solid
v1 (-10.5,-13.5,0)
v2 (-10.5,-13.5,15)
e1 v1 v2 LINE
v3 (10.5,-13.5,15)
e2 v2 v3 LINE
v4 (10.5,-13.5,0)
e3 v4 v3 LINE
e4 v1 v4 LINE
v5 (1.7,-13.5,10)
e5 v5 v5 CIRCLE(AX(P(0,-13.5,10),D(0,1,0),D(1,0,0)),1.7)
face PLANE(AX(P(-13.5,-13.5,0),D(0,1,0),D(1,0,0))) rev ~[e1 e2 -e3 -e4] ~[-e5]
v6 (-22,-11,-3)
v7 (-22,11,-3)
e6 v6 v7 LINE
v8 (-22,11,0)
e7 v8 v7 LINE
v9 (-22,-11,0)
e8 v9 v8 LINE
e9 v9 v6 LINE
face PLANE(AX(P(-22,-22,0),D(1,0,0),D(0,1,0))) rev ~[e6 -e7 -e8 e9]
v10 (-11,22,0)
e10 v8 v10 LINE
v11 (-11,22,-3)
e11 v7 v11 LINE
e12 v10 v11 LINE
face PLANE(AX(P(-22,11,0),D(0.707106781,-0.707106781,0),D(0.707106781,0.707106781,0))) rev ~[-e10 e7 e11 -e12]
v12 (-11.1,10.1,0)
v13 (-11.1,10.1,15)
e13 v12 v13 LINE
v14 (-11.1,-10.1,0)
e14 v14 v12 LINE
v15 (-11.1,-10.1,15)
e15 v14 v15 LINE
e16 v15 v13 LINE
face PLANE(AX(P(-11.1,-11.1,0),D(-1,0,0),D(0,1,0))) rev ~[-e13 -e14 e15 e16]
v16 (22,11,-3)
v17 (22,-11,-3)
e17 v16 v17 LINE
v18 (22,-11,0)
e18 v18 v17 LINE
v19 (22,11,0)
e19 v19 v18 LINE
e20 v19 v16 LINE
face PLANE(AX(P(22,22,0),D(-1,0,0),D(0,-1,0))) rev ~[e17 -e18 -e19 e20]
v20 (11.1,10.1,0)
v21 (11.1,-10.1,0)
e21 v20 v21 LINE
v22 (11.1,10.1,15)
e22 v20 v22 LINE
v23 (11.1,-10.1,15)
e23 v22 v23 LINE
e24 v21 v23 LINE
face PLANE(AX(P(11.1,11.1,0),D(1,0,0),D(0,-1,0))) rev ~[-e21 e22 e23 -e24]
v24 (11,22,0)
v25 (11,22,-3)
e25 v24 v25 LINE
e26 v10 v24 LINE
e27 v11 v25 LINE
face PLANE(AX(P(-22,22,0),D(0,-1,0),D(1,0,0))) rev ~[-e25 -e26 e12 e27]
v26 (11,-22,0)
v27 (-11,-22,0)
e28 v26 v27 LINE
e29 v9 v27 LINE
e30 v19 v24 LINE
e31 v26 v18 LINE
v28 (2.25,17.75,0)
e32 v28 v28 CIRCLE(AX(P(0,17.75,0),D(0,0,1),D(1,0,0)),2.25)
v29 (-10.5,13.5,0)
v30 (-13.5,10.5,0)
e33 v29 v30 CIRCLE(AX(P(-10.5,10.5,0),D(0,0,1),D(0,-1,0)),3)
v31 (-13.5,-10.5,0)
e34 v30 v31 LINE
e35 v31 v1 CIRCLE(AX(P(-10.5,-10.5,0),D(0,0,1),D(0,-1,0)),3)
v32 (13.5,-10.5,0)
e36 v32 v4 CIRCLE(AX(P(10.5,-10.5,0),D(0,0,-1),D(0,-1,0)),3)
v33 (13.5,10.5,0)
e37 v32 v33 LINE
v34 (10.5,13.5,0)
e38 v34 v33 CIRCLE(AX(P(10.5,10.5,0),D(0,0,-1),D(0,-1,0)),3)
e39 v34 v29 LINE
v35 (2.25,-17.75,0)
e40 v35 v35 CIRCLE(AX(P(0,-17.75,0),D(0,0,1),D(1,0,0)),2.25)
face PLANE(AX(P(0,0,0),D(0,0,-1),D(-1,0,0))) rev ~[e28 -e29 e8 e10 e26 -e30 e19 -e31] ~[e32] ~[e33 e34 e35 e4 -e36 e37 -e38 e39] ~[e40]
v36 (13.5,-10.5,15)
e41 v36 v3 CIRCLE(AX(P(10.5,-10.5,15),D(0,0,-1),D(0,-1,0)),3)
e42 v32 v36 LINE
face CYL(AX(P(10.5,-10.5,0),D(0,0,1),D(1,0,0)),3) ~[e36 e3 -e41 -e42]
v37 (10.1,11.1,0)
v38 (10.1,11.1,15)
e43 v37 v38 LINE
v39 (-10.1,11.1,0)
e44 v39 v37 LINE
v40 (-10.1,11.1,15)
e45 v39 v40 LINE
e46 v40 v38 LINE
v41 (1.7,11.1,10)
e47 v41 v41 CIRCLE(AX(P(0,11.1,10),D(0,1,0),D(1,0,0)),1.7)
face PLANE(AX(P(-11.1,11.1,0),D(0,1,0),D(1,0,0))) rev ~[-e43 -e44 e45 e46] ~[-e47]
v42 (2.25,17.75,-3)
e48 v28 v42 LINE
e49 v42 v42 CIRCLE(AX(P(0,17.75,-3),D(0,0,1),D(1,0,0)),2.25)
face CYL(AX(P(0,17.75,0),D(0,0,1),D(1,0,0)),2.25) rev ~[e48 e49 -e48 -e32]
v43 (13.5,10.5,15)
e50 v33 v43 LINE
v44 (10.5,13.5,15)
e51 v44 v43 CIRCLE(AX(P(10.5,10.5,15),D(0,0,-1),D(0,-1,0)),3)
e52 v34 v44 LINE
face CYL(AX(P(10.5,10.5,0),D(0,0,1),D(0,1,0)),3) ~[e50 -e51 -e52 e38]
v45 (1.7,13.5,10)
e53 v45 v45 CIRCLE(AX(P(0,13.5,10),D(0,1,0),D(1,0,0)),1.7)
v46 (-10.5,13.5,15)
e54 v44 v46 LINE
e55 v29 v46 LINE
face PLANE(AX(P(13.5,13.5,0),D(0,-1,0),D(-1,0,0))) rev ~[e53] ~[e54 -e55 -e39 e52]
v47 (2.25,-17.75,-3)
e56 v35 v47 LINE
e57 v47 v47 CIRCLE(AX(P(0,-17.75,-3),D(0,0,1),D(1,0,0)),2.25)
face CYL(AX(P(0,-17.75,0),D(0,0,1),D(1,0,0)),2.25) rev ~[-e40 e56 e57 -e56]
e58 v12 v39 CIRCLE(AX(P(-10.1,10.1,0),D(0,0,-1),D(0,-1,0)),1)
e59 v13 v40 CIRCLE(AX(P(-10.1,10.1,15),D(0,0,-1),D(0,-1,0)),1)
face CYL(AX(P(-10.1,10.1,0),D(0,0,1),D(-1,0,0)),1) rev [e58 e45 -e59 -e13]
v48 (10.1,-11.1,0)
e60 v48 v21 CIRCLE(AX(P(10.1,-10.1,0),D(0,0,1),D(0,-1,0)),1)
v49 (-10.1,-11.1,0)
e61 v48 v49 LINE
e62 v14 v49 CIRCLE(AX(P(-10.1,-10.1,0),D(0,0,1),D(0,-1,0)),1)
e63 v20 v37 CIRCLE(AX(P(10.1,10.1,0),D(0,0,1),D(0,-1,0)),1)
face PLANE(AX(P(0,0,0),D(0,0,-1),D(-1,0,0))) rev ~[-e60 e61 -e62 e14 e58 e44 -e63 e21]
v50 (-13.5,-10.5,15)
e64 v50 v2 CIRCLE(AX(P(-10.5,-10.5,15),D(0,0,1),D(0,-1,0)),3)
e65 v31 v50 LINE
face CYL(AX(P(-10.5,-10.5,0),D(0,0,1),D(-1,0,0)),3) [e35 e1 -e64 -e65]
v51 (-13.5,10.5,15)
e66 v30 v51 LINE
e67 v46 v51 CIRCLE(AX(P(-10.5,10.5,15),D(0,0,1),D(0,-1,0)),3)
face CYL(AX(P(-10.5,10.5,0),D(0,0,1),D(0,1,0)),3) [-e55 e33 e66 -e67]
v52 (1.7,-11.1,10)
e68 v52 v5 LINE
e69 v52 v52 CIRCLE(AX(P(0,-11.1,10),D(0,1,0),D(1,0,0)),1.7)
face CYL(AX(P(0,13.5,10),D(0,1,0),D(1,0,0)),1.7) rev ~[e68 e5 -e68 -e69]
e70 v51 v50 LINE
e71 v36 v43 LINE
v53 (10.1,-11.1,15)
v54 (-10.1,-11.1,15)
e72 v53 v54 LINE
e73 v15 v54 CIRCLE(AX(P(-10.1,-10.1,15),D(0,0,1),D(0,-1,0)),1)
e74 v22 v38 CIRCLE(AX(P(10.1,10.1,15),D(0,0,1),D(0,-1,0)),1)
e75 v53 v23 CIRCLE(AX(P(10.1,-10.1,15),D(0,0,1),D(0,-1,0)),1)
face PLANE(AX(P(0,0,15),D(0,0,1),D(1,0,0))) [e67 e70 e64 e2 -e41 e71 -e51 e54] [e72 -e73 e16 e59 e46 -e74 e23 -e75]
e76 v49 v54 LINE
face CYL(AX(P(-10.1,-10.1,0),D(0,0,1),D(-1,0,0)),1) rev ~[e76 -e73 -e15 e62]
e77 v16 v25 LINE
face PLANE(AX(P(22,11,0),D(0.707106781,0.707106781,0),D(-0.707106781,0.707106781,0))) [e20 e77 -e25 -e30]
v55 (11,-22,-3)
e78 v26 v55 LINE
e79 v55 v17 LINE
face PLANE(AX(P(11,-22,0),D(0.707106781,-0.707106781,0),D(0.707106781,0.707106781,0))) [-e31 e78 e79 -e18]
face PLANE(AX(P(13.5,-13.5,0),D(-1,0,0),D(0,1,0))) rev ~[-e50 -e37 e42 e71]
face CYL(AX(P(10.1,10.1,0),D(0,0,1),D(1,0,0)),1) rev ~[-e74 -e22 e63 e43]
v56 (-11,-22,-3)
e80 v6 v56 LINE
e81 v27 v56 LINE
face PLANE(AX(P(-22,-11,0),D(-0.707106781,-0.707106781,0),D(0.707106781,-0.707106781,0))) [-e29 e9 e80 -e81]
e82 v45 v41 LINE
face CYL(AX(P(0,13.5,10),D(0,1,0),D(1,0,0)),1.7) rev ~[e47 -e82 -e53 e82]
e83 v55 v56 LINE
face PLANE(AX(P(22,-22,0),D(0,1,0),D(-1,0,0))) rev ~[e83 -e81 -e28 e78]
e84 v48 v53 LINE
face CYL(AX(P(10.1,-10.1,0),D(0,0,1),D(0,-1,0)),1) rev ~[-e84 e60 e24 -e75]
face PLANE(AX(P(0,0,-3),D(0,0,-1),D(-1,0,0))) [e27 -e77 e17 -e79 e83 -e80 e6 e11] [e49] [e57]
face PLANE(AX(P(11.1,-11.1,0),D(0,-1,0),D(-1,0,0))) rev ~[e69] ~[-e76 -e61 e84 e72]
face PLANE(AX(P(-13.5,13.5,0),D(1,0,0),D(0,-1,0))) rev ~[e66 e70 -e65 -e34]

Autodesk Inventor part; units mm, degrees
ref_plane "YZ Plane" through (0, 0, 0) normal (1, 0, 0) x (0, 1, 0)
ref_plane "XZ Plane" through (0, 0, 0) normal (0, 1, 0) x (-1, 0, 0)
ref_plane "XY Plane" through (0, 0, 0) normal (0, 0, 1) x (1, 0, 0)
sketch "スケッチ1" plane through (0, 0, 0) normal (1, 0, 0) x (0, 1, 0)
  point P0 (0, 0)
sketch "スケッチ2" plane through (0, 0, 0) normal (0, 0, 1) x (1, 0, 0)
  line L0 (-11.1, 11.1) -> (11.1, 11.1)
  line L1 (11.1, 11.1) -> (11.1, -11.1)
  line L2 (11.1, -11.1) -> (-11.1, -11.1)
  line L3 (-11.1, -11.1) -> (-11.1, 11.1)
  line L4 (-11.1, 11.1) -> (11.1, -11.1) construction
  line L5 (11.1, 11.1) -> (-11.1, -11.1) construction
  line L6 (-13.5, -13.5) -> (13.5, -13.5)
  line L7 (13.5, -13.5) -> (13.5, 13.5)
  line L8 (13.5, 13.5) -> (-13.5, 13.5)
  line L9 (-13.5, 13.5) -> (-13.5, -13.5)
  line L10 (-13.5, -13.5) -> (13.5, 13.5) construction
  line L11 (13.5, -13.5) -> (-13.5, 13.5) construction
  point P0 (0, 0)
  dimension "d0" = 22.2
  dimension "d1" = 22.2
  dimension "d2" = 27
  dimension "d3" = 27
extrude "押し出し1" add sketch "スケッチ2" along normal blind 15
sketch "スケッチ3" plane through (-13.5, 13.5, 0) normal (0, 1, 0) x (1, 0, 0)
  circle A0 centre (13.5, -10) radius 1.7
  point P0 (13.5, 0)
  dimension "d6" = 3.4
extrude "押し出し2" cut sketch "スケッチ3" against normal blind 30
sketch "スケッチ4" plane through (0, 0, 0) normal (0, 0, -1) x (-1, 0, 0)
  line L0 (22, 22) -> (-22, 22)
  line L1 (-22, 22) -> (-22, -22)
  line L2 (-22, -22) -> (22, -22)
  line L3 (22, -22) -> (22, 22)
  line L4 (22, 22) -> (-22, -22) construction
  line L5 (-22, 22) -> (22, -22) construction
  point P0 (0, 0)
  dimension "d9" = 44
  dimension "d10" = 44
extrude "押し出し3" add sketch "スケッチ4" along normal blind 3
sketch "スケッチ5" plane through (0, 0, 0) normal (0, 0, 1) x (1, 0, 0)
  circle A0 centre (0, 17.75) radius 2.25
  circle A1 centre (0, -17.75) radius 2.25
  point P0 (0, 0)
  dimension "d13" = 4.5
  dimension "d14" = 4.5
extrude "押し出し4" cut sketch "スケッチ5" against normal blind 3
sketch "スケッチ6" plane through (0, 0, 0) normal (0, 0, 1) x (1, 0, 0)
  line L0 (-22, 22) -> (22, 22) projected
  line L1 (22, 22) -> (11, 22)
  line L2 (22, 22) -> (22, 11)
  line L3 (22, 11) -> (11, 22)
  line L4 (22, -22) -> (-22, -22) projected
  line L5 (22, -22) -> (22, -11)
  line L6 (22, 22) -> (22, -22) projected
  line L7 (22, -22) -> (11, -22)
  line L8 (11, -22) -> (22, -11)
  line L9 (-22, -22) -> (-22, 22) projected
  line L10 (-22, 22) -> (-11, 22)
  line L11 (-22, 22) -> (-22, 11)
  line L12 (-22, 11) -> (-11, 22)
  line L13 (-22, -22) -> (-22, -11)
  line L14 (-22, -22) -> (-11, -22)
  line L15 (-22, -11) -> (-11, -22)
  point P0 (0, 0)
  dimension "d17" = 11
  dimension "d18" = 11
  dimension "d19" = 11
  dimension "d20" = 11
  dimension "d21" = 11
  dimension "d22" = 11
  dimension "d23" = 11
extrude "押し出し5" cut sketch "スケッチ6" against normal blind 3 contours L0 L12 L9 | L0 L2 L3 | L15 L4 L9 | L5 L4 L8
fillet "フィレット1" radius 3 4 edges at (13.5, -13.5, 7.5) (13.5, 13.5, 7.5) (-13.5, -13.5, 7.5) (-13.5, 13.5, 7.5)
fillet "フィレット2" radius 1 4 edges at (-11.1, 11.1, 7.5) (-11.1, -11.1, 7.5) (11.1, 11.1, 7.5) (11.1, -11.1, 7.5)
properties part number "rod_fixture_vp16"
